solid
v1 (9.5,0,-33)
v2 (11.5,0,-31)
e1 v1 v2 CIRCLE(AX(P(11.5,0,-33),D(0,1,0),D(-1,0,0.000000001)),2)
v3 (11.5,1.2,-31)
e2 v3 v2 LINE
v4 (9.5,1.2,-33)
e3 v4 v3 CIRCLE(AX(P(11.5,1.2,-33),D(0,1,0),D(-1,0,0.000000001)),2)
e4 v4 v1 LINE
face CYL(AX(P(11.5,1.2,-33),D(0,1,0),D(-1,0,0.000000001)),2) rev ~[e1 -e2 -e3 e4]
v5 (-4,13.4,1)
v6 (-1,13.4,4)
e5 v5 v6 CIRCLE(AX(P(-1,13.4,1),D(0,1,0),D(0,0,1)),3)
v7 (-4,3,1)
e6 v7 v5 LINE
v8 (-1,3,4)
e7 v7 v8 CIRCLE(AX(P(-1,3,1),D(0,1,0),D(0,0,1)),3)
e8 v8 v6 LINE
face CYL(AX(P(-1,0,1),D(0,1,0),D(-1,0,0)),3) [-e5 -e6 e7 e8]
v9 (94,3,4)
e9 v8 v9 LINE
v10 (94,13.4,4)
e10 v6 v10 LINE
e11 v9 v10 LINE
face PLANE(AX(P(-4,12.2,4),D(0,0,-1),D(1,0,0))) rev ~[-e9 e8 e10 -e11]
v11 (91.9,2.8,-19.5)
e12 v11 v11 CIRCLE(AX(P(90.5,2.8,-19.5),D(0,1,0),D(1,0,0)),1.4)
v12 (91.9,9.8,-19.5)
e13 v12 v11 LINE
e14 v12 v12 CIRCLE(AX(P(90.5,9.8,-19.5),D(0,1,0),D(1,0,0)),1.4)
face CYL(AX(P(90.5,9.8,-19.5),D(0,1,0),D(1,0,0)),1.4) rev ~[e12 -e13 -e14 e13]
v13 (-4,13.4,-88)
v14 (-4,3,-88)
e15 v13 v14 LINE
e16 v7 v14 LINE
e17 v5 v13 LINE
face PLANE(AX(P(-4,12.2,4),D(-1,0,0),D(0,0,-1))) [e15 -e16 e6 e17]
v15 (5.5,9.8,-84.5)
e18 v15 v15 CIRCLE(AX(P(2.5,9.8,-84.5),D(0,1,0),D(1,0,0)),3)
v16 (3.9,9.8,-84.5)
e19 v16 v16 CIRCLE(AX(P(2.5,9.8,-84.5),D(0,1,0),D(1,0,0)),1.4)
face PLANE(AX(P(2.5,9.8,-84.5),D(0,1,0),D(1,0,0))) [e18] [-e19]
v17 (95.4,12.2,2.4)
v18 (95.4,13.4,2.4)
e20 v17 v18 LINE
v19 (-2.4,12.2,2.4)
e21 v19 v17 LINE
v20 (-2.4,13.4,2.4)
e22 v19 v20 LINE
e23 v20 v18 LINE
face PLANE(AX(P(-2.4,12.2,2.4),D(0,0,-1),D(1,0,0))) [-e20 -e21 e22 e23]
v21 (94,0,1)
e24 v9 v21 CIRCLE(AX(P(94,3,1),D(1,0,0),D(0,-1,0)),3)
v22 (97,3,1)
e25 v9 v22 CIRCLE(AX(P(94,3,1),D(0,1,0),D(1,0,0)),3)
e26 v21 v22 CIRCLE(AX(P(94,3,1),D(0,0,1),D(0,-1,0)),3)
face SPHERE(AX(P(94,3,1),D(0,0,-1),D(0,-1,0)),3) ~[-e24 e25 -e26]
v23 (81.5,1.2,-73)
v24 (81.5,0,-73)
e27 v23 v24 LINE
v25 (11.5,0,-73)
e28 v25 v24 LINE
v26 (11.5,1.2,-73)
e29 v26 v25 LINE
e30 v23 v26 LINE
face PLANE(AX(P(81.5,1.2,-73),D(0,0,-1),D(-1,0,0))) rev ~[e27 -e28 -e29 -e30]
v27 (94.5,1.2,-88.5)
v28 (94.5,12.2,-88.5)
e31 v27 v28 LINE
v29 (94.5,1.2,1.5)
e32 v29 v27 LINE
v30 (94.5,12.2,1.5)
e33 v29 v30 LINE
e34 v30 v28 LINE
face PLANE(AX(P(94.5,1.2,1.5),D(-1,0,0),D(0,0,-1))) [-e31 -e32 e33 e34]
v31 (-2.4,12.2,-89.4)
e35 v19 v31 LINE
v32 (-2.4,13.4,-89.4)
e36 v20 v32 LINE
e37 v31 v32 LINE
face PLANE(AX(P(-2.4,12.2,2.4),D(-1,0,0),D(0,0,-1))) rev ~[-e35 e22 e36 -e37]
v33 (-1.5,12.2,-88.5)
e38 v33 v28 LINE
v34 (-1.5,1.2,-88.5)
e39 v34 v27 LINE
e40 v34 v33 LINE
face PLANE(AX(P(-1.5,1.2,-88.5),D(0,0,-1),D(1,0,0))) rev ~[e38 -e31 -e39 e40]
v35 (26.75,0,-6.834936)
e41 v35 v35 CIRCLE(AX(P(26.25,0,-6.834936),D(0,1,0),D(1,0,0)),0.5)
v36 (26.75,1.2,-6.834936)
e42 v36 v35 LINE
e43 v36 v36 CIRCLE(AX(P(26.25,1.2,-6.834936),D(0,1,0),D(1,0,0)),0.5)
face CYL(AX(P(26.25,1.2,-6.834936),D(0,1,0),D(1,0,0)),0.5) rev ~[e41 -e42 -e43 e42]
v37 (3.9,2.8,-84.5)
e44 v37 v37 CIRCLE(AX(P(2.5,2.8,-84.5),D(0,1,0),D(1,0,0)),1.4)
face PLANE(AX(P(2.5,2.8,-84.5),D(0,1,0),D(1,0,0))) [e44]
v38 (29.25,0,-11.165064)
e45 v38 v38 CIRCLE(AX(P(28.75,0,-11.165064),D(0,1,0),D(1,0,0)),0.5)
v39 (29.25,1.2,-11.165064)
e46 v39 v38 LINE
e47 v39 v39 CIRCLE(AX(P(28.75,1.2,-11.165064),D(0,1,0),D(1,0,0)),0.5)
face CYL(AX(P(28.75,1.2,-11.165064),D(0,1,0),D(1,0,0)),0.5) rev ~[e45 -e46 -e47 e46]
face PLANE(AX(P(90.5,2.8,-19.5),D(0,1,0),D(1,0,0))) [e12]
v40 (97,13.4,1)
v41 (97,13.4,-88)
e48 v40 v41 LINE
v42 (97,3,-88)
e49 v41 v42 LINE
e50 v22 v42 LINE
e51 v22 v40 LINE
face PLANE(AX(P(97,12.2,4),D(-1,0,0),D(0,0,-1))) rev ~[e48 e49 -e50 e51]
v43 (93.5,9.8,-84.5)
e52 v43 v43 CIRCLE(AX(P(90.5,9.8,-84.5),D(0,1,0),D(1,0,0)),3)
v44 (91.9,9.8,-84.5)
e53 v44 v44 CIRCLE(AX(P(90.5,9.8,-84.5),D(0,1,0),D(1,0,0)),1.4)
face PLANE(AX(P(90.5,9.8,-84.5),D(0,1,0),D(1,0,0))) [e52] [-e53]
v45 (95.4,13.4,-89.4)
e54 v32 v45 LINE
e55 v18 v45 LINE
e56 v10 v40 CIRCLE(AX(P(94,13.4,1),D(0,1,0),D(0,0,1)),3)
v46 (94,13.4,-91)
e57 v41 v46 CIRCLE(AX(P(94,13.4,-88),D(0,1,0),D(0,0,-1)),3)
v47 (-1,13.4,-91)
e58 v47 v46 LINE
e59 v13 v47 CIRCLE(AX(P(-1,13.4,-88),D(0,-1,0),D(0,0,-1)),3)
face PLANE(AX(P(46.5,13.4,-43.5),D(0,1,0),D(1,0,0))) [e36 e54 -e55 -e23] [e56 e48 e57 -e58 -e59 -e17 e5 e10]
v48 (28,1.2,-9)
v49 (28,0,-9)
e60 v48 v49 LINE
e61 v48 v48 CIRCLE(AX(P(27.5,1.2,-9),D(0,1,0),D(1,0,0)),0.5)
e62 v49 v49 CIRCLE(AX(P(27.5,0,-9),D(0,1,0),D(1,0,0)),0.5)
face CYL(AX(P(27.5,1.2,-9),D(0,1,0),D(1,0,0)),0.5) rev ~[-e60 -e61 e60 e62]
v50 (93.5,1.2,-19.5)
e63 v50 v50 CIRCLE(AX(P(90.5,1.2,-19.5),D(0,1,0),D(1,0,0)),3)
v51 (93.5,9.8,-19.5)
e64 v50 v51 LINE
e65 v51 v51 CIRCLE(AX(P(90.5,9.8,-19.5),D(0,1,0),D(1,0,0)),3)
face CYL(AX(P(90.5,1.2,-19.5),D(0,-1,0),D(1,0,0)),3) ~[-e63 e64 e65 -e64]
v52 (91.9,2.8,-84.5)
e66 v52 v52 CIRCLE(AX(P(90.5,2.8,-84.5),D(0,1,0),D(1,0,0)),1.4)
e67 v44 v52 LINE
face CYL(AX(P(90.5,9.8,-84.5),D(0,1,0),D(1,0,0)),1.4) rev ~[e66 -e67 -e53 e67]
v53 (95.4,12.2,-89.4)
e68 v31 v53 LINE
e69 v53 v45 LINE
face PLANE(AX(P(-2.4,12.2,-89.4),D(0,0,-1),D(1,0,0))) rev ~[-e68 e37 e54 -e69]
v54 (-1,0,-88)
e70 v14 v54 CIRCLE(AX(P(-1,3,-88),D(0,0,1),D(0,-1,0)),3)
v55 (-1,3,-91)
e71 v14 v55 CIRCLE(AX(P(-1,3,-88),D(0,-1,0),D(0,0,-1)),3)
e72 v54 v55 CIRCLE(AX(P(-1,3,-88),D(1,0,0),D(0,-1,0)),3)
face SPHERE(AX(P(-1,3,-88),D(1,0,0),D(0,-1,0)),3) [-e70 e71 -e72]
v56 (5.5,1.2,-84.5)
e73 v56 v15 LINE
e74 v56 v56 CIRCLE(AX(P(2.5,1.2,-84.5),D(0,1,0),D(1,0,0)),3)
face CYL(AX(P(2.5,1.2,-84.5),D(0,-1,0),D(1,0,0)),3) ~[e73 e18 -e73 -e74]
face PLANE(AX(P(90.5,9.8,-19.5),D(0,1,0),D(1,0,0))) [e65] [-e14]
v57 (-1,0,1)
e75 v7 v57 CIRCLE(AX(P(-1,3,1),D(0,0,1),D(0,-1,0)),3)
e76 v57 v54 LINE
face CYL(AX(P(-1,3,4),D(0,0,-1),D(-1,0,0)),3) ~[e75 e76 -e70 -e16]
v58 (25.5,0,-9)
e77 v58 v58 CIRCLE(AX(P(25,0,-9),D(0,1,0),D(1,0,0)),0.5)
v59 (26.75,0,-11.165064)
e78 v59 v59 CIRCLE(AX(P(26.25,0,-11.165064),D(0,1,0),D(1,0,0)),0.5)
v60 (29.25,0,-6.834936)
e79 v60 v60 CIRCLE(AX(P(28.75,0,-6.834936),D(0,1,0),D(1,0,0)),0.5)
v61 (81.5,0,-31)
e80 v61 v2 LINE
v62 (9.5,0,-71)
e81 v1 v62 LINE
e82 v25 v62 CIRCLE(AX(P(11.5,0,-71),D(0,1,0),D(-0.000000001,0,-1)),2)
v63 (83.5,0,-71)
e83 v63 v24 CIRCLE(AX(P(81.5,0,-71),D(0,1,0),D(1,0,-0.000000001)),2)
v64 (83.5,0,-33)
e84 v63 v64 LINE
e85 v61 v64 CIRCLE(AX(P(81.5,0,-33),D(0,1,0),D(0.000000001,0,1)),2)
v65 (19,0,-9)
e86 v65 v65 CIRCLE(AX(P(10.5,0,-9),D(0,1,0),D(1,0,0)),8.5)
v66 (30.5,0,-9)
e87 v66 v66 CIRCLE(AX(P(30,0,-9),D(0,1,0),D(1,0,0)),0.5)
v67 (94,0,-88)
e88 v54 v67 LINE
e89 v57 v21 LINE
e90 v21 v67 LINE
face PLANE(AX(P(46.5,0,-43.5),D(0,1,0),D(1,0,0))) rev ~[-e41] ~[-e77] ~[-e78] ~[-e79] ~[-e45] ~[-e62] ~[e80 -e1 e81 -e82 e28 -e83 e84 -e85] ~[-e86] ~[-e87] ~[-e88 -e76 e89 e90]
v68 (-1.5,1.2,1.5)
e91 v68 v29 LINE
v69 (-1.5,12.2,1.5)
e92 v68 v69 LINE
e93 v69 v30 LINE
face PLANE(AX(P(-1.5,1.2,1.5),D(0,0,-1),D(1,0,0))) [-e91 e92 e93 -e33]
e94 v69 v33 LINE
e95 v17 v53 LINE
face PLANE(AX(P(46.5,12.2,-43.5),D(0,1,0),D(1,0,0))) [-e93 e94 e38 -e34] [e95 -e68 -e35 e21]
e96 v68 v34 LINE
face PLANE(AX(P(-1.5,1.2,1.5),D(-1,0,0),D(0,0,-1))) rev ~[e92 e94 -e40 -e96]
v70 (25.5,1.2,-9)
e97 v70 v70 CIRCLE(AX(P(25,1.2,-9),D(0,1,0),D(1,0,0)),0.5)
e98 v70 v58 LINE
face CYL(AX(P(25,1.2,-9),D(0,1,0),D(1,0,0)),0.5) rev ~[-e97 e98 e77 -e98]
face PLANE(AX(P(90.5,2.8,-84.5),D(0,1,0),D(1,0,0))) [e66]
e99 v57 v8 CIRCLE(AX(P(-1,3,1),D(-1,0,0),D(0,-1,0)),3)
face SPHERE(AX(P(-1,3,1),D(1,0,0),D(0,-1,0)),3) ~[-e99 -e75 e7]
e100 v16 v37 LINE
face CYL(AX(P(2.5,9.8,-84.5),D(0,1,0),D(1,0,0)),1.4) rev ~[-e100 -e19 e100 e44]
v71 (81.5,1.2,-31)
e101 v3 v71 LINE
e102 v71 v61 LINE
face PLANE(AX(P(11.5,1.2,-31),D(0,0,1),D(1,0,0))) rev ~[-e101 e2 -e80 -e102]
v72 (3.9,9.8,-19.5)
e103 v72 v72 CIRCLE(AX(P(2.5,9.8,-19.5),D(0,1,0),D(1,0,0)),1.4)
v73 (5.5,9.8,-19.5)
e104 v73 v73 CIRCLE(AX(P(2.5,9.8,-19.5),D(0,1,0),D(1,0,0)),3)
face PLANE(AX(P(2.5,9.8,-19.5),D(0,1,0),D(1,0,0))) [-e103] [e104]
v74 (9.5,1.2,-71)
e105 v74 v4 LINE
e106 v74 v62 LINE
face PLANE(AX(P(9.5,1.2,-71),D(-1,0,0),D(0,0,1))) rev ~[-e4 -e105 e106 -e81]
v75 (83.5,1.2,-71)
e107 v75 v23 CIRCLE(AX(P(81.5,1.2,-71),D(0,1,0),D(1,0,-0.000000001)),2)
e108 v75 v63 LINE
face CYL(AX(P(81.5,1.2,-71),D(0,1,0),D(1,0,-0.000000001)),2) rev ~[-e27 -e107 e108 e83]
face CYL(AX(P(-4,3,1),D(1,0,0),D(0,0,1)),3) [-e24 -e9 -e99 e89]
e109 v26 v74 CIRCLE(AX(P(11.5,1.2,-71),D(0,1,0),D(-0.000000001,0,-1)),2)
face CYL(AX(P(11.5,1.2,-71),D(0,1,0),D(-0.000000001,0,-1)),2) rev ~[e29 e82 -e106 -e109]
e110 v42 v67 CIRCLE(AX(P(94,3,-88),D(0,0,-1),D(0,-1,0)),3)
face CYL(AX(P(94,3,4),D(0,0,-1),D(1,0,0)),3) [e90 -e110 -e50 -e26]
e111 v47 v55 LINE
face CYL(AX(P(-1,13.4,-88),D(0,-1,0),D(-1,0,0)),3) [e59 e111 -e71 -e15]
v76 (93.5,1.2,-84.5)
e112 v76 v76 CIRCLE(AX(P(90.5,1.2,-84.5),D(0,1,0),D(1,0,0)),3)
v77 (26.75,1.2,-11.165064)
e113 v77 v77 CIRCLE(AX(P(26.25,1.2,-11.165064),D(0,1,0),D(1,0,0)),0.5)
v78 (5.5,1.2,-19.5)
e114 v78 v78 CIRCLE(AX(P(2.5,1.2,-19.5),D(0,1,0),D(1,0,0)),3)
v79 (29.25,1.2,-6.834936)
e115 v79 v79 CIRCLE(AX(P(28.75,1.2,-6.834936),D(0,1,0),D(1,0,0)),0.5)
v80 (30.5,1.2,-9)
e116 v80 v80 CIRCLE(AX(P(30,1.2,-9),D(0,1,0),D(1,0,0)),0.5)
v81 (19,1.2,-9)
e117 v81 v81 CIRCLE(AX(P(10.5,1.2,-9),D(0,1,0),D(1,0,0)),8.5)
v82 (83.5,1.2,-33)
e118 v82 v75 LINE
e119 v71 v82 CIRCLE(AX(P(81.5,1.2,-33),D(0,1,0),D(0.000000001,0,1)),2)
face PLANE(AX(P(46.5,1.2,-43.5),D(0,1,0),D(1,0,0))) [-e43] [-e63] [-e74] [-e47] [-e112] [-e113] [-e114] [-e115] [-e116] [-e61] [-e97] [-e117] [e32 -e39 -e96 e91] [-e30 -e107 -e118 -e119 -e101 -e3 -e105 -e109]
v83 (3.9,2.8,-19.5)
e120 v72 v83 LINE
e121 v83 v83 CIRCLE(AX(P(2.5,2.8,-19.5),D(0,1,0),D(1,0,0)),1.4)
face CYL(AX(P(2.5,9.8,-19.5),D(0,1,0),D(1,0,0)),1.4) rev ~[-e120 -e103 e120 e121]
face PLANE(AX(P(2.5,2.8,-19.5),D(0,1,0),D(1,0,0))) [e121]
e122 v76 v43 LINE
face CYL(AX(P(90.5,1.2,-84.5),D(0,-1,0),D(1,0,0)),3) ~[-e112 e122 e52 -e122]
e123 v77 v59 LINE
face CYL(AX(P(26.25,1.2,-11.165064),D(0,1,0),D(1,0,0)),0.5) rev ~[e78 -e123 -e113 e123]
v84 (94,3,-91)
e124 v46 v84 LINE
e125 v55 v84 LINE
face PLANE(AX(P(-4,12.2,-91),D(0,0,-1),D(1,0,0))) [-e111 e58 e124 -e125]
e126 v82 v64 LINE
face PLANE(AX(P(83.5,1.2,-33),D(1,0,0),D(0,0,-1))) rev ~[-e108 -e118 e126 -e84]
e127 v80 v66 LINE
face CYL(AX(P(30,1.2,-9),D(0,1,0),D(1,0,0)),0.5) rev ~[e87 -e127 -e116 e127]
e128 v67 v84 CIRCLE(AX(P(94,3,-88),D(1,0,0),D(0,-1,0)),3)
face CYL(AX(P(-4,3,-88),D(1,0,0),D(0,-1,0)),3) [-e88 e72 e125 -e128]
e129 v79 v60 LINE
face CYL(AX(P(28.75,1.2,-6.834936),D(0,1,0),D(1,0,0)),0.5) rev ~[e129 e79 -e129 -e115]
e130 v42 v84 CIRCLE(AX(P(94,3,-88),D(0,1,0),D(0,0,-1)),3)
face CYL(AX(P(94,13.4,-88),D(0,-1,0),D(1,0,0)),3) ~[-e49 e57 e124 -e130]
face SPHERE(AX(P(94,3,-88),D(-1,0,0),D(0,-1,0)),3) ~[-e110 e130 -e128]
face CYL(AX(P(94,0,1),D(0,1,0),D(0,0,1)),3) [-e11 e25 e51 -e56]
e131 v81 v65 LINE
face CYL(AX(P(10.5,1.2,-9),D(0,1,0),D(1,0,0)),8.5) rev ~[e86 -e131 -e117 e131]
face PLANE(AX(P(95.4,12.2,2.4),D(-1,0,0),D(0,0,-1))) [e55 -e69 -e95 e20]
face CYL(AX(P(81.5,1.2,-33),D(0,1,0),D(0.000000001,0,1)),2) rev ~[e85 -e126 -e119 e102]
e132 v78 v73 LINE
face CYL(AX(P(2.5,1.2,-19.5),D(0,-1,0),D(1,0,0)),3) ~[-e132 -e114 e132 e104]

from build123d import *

# Parameters (mm, degrees)
SKETCH3_W           = 101
SKETCH3_H           = 95
BOSS_EXTRUDE2_DEPTH = 1.2
SKETCH5_W           = 101
SKETCH5_H           = 95
SKETCH5_W_2         = 96
SKETCH5_H_2         = 90
BOSS_EXTRUDE3_DEPTH = 11
SKETCH6_W           = 101
SKETCH6_H           = 95
SKETCH6_W_2         = 97.8
SKETCH6_H_2         = 91.8
BOSS_EXTRUDE4_DEPTH = 1.2
FILLET1_R           = 3
SKETCH7_R           = 3
BOSS_EXTRUDE5_DEPTH = 8.6
SKETCH8_R           = 1.4
CUT_EXTRUDE1_DEPTH  = 7
CUT_EXTRUDE2_REACH  = 3.2
SKETCH9_R           = 8.5
SKETCH9_R_2         = 0.5


with BuildPart() as part:
    # Sketch3 → Boss-Extrude2 (new body)
    with BuildSketch(Plane(origin=(0, 0, 0), x_dir=(1, 0, 0), z_dir=(0, 1, 0))):
        with Locations((46.5, 43.5)):
            Rectangle(SKETCH3_W, SKETCH3_H)
    extrude(amount=BOSS_EXTRUDE2_DEPTH)

    # Sketch5 → Boss-Extrude3 (add)
    with BuildSketch(Plane(origin=(0, 1.2, 0), x_dir=(1, 0, 0), z_dir=(0, 1, 0))):
        with Locations((46.5, 43.5)):
            Rectangle(SKETCH5_W, SKETCH5_H)
        with Locations((46.5, 43.5)):
            Rectangle(SKETCH5_W_2, SKETCH5_H_2, mode=Mode.SUBTRACT)
    extrude(amount=BOSS_EXTRUDE3_DEPTH)

    # Sketch6 → Boss-Extrude4 (add)
    with BuildSketch(Plane(origin=(0, 12.2, 0), x_dir=(1, 0, 0), z_dir=(0, 1, 0))):
        with Locations((46.5, 43.5)):
            Rectangle(SKETCH6_W, SKETCH6_H)
        with Locations((46.5, 43.5)):
            Rectangle(SKETCH6_W_2, SKETCH6_H_2, mode=Mode.SUBTRACT)
    extrude(amount=BOSS_EXTRUDE4_DEPTH)

    # Fillet1
    fillet1_edges = [part.edges().sort_by_distance(p)[0] for p in [
        (46.5, 0, -91),
        (97, 0, -43.5),
        (46.5, 0, 4),
        (-4, 0, -43.5),
        (-4, 6.7, -91),
        (97, 6.7, -91),
        (97, 6.7, 4),
        (-4, 6.7, 4),
    ]]
    fillet(fillet1_edges, radius=FILLET1_R)

    # Sketch7 → Boss-Extrude5 (add)
    with BuildSketch(Plane(origin=(0, 1.2, 0), x_dir=(1, 0, 0), z_dir=(0, 1, 0))):
        with Locations((2.5, 84.5)):
            Circle(SKETCH7_R)
        with Locations((90.5, 84.5)):
            Circle(SKETCH7_R)
        with Locations((90.5, 19.5)):
            Circle(SKETCH7_R)
        with Locations((2.5, 19.5)):
            Circle(SKETCH7_R)
    extrude(amount=BOSS_EXTRUDE5_DEPTH)

    # Sketch8 → Cut-Extrude1 (cut)
    with BuildSketch(Plane(origin=(0, 9.8, 0), x_dir=(1, 0, 0), z_dir=(0, 1, 0))):
        with Locations((2.5, 84.5)):
            Circle(SKETCH8_R)
        with Locations((90.5, 84.5)):
            Circle(SKETCH8_R)
        with Locations((90.5, 19.5)):
            Circle(SKETCH8_R)
        with Locations((2.5, 19.5)):
            Circle(SKETCH8_R)
    extrude(amount=-CUT_EXTRUDE1_DEPTH, mode=Mode.SUBTRACT)

    # Sketch9 → Cut-Extrude2 (cut, up to next)
    with BuildSketch(Plane(origin=(0, 1.2, 0), x_dir=(1, 0, 0), z_dir=(0, 1, 0)), mode=Mode.PRIVATE) as cut_extrude2_sk1:
        with Locations((10.5, 9)):
            Circle(SKETCH9_R)
    cut_extrude2_tool1 = extrude(cut_extrude2_sk1.sketch, amount=-CUT_EXTRUDE2_REACH, mode=Mode.PRIVATE) & part.part
    add(cut_extrude2_tool1.solids().sort_by_distance((10.5, 1.2, -9))[0], mode=Mode.SUBTRACT)
    # Sketch9 → Cut-Extrude2 (cut, up to next)
    with BuildSketch(Plane(origin=(0, 1.2, 0), x_dir=(1, 0, 0), z_dir=(0, 1, 0)), mode=Mode.PRIVATE) as cut_extrude2_sk2:
        with Locations((27.5, 9)):
            Circle(SKETCH9_R_2)
    cut_extrude2_tool2 = extrude(cut_extrude2_sk2.sketch, amount=-CUT_EXTRUDE2_REACH, mode=Mode.PRIVATE) & part.part
    add(cut_extrude2_tool2.solids().sort_by_distance((27.5, 1.2, -9))[0], mode=Mode.SUBTRACT)
    # Sketch9 → Cut-Extrude2 (cut, up to next)
    with BuildSketch(Plane(origin=(0, 1.2, 0), x_dir=(1, 0, 0), z_dir=(0, 1, 0)), mode=Mode.PRIVATE) as cut_extrude2_sk3:
        with Locations((28.75, 11.165063509)):
            Circle(SKETCH9_R_2)
    cut_extrude2_tool3 = extrude(cut_extrude2_sk3.sketch, amount=-CUT_EXTRUDE2_REACH, mode=Mode.PRIVATE) & part.part
    add(cut_extrude2_tool3.solids().sort_by_distance((28.75, 1.2, -11.165064))[0], mode=Mode.SUBTRACT)
    # Sketch9 → Cut-Extrude2 (cut, up to next)
    with BuildSketch(Plane(origin=(0, 1.2, 0), x_dir=(1, 0, 0), z_dir=(0, 1, 0)), mode=Mode.PRIVATE) as cut_extrude2_sk4:
        with Locations((26.25, 11.165063509)):
            Circle(SKETCH9_R_2)
    cut_extrude2_tool4 = extrude(cut_extrude2_sk4.sketch, amount=-CUT_EXTRUDE2_REACH, mode=Mode.PRIVATE) & part.part
    add(cut_extrude2_tool4.solids().sort_by_distance((26.25, 1.2, -11.165064))[0], mode=Mode.SUBTRACT)
    # Sketch9 → Cut-Extrude2 (cut, up to next)
    with BuildSketch(Plane(origin=(0, 1.2, 0), x_dir=(1, 0, 0), z_dir=(0, 1, 0)), mode=Mode.PRIVATE) as cut_extrude2_sk5:
        with Locations((25, 9)):
            Circle(SKETCH9_R_2)
    cut_extrude2_tool5 = extrude(cut_extrude2_sk5.sketch, amount=-CUT_EXTRUDE2_REACH, mode=Mode.PRIVATE) & part.part
    add(cut_extrude2_tool5.solids().sort_by_distance((25, 1.2, -9))[0], mode=Mode.SUBTRACT)
    # Sketch9 → Cut-Extrude2 (cut, up to next)
    with BuildSketch(Plane(origin=(0, 1.2, 0), x_dir=(1, 0, 0), z_dir=(0, 1, 0)), mode=Mode.PRIVATE) as cut_extrude2_sk6:
        with Locations((26.25, 6.834936491)):
            Circle(SKETCH9_R_2)
    cut_extrude2_tool6 = extrude(cut_extrude2_sk6.sketch, amount=-CUT_EXTRUDE2_REACH, mode=Mode.PRIVATE) & part.part
    add(cut_extrude2_tool6.solids().sort_by_distance((26.25, 1.2, -6.834936))[0], mode=Mode.SUBTRACT)
    # Sketch9 → Cut-Extrude2 (cut, up to next)
    with BuildSketch(Plane(origin=(0, 1.2, 0), x_dir=(1, 0, 0), z_dir=(0, 1, 0)), mode=Mode.PRIVATE) as cut_extrude2_sk7:
        with Locations((28.75, 6.834936491)):
            Circle(SKETCH9_R_2)
    cut_extrude2_tool7 = extrude(cut_extrude2_sk7.sketch, amount=-CUT_EXTRUDE2_REACH, mode=Mode.PRIVATE) & part.part
    add(cut_extrude2_tool7.solids().sort_by_distance((28.75, 1.2, -6.834936))[0], mode=Mode.SUBTRACT)
    # Sketch9 → Cut-Extrude2 (cut, up to next)
    with BuildSketch(Plane(origin=(0, 1.2, 0), x_dir=(1, 0, 0), z_dir=(0, 1, 0)), mode=Mode.PRIVATE) as cut_extrude2_sk8:
        with Locations((30, 9)):
            Circle(SKETCH9_R_2)
    cut_extrude2_tool8 = extrude(cut_extrude2_sk8.sketch, amount=-CUT_EXTRUDE2_REACH, mode=Mode.PRIVATE) & part.part
    add(cut_extrude2_tool8.solids().sort_by_distance((30, 1.2, -9))[0], mode=Mode.SUBTRACT)
    # Sketch9 → Cut-Extrude2 (cut, up to next)
    with BuildSketch(Plane(origin=(0, 1.2, 0), x_dir=(1, 0, 0), z_dir=(0, 1, 0)), mode=Mode.PRIVATE) as cut_extrude2_sk9:
        with BuildLine():
            Line((11.5, 31), (81.5, 31))
            ThreePointArc((81.5, 31), (82.914213562, 31.585786438), (83.5, 33))
            Line((83.5, 33), (83.5, 71))
            ThreePointArc((83.5, 71), (82.914213562, 72.414213562), (81.5, 73))
            Line((81.5, 73), (11.5, 73))
            ThreePointArc((11.5, 73), (10.085786438, 72.414213562), (9.5, 71))
            Line((9.5, 71), (9.5, 33))
            ThreePointArc((9.5, 33), (10.085786438, 31.585786438), (11.5, 31))
        make_face()
    cut_extrude2_tool9 = extrude(cut_extrude2_sk9.sketch, amount=-CUT_EXTRUDE2_REACH, mode=Mode.PRIVATE) & part.part
    add(cut_extrude2_tool9.solids().sort_by_distance((46.5, 1.2, -52))[0], mode=Mode.SUBTRACT)


solid = part.part
